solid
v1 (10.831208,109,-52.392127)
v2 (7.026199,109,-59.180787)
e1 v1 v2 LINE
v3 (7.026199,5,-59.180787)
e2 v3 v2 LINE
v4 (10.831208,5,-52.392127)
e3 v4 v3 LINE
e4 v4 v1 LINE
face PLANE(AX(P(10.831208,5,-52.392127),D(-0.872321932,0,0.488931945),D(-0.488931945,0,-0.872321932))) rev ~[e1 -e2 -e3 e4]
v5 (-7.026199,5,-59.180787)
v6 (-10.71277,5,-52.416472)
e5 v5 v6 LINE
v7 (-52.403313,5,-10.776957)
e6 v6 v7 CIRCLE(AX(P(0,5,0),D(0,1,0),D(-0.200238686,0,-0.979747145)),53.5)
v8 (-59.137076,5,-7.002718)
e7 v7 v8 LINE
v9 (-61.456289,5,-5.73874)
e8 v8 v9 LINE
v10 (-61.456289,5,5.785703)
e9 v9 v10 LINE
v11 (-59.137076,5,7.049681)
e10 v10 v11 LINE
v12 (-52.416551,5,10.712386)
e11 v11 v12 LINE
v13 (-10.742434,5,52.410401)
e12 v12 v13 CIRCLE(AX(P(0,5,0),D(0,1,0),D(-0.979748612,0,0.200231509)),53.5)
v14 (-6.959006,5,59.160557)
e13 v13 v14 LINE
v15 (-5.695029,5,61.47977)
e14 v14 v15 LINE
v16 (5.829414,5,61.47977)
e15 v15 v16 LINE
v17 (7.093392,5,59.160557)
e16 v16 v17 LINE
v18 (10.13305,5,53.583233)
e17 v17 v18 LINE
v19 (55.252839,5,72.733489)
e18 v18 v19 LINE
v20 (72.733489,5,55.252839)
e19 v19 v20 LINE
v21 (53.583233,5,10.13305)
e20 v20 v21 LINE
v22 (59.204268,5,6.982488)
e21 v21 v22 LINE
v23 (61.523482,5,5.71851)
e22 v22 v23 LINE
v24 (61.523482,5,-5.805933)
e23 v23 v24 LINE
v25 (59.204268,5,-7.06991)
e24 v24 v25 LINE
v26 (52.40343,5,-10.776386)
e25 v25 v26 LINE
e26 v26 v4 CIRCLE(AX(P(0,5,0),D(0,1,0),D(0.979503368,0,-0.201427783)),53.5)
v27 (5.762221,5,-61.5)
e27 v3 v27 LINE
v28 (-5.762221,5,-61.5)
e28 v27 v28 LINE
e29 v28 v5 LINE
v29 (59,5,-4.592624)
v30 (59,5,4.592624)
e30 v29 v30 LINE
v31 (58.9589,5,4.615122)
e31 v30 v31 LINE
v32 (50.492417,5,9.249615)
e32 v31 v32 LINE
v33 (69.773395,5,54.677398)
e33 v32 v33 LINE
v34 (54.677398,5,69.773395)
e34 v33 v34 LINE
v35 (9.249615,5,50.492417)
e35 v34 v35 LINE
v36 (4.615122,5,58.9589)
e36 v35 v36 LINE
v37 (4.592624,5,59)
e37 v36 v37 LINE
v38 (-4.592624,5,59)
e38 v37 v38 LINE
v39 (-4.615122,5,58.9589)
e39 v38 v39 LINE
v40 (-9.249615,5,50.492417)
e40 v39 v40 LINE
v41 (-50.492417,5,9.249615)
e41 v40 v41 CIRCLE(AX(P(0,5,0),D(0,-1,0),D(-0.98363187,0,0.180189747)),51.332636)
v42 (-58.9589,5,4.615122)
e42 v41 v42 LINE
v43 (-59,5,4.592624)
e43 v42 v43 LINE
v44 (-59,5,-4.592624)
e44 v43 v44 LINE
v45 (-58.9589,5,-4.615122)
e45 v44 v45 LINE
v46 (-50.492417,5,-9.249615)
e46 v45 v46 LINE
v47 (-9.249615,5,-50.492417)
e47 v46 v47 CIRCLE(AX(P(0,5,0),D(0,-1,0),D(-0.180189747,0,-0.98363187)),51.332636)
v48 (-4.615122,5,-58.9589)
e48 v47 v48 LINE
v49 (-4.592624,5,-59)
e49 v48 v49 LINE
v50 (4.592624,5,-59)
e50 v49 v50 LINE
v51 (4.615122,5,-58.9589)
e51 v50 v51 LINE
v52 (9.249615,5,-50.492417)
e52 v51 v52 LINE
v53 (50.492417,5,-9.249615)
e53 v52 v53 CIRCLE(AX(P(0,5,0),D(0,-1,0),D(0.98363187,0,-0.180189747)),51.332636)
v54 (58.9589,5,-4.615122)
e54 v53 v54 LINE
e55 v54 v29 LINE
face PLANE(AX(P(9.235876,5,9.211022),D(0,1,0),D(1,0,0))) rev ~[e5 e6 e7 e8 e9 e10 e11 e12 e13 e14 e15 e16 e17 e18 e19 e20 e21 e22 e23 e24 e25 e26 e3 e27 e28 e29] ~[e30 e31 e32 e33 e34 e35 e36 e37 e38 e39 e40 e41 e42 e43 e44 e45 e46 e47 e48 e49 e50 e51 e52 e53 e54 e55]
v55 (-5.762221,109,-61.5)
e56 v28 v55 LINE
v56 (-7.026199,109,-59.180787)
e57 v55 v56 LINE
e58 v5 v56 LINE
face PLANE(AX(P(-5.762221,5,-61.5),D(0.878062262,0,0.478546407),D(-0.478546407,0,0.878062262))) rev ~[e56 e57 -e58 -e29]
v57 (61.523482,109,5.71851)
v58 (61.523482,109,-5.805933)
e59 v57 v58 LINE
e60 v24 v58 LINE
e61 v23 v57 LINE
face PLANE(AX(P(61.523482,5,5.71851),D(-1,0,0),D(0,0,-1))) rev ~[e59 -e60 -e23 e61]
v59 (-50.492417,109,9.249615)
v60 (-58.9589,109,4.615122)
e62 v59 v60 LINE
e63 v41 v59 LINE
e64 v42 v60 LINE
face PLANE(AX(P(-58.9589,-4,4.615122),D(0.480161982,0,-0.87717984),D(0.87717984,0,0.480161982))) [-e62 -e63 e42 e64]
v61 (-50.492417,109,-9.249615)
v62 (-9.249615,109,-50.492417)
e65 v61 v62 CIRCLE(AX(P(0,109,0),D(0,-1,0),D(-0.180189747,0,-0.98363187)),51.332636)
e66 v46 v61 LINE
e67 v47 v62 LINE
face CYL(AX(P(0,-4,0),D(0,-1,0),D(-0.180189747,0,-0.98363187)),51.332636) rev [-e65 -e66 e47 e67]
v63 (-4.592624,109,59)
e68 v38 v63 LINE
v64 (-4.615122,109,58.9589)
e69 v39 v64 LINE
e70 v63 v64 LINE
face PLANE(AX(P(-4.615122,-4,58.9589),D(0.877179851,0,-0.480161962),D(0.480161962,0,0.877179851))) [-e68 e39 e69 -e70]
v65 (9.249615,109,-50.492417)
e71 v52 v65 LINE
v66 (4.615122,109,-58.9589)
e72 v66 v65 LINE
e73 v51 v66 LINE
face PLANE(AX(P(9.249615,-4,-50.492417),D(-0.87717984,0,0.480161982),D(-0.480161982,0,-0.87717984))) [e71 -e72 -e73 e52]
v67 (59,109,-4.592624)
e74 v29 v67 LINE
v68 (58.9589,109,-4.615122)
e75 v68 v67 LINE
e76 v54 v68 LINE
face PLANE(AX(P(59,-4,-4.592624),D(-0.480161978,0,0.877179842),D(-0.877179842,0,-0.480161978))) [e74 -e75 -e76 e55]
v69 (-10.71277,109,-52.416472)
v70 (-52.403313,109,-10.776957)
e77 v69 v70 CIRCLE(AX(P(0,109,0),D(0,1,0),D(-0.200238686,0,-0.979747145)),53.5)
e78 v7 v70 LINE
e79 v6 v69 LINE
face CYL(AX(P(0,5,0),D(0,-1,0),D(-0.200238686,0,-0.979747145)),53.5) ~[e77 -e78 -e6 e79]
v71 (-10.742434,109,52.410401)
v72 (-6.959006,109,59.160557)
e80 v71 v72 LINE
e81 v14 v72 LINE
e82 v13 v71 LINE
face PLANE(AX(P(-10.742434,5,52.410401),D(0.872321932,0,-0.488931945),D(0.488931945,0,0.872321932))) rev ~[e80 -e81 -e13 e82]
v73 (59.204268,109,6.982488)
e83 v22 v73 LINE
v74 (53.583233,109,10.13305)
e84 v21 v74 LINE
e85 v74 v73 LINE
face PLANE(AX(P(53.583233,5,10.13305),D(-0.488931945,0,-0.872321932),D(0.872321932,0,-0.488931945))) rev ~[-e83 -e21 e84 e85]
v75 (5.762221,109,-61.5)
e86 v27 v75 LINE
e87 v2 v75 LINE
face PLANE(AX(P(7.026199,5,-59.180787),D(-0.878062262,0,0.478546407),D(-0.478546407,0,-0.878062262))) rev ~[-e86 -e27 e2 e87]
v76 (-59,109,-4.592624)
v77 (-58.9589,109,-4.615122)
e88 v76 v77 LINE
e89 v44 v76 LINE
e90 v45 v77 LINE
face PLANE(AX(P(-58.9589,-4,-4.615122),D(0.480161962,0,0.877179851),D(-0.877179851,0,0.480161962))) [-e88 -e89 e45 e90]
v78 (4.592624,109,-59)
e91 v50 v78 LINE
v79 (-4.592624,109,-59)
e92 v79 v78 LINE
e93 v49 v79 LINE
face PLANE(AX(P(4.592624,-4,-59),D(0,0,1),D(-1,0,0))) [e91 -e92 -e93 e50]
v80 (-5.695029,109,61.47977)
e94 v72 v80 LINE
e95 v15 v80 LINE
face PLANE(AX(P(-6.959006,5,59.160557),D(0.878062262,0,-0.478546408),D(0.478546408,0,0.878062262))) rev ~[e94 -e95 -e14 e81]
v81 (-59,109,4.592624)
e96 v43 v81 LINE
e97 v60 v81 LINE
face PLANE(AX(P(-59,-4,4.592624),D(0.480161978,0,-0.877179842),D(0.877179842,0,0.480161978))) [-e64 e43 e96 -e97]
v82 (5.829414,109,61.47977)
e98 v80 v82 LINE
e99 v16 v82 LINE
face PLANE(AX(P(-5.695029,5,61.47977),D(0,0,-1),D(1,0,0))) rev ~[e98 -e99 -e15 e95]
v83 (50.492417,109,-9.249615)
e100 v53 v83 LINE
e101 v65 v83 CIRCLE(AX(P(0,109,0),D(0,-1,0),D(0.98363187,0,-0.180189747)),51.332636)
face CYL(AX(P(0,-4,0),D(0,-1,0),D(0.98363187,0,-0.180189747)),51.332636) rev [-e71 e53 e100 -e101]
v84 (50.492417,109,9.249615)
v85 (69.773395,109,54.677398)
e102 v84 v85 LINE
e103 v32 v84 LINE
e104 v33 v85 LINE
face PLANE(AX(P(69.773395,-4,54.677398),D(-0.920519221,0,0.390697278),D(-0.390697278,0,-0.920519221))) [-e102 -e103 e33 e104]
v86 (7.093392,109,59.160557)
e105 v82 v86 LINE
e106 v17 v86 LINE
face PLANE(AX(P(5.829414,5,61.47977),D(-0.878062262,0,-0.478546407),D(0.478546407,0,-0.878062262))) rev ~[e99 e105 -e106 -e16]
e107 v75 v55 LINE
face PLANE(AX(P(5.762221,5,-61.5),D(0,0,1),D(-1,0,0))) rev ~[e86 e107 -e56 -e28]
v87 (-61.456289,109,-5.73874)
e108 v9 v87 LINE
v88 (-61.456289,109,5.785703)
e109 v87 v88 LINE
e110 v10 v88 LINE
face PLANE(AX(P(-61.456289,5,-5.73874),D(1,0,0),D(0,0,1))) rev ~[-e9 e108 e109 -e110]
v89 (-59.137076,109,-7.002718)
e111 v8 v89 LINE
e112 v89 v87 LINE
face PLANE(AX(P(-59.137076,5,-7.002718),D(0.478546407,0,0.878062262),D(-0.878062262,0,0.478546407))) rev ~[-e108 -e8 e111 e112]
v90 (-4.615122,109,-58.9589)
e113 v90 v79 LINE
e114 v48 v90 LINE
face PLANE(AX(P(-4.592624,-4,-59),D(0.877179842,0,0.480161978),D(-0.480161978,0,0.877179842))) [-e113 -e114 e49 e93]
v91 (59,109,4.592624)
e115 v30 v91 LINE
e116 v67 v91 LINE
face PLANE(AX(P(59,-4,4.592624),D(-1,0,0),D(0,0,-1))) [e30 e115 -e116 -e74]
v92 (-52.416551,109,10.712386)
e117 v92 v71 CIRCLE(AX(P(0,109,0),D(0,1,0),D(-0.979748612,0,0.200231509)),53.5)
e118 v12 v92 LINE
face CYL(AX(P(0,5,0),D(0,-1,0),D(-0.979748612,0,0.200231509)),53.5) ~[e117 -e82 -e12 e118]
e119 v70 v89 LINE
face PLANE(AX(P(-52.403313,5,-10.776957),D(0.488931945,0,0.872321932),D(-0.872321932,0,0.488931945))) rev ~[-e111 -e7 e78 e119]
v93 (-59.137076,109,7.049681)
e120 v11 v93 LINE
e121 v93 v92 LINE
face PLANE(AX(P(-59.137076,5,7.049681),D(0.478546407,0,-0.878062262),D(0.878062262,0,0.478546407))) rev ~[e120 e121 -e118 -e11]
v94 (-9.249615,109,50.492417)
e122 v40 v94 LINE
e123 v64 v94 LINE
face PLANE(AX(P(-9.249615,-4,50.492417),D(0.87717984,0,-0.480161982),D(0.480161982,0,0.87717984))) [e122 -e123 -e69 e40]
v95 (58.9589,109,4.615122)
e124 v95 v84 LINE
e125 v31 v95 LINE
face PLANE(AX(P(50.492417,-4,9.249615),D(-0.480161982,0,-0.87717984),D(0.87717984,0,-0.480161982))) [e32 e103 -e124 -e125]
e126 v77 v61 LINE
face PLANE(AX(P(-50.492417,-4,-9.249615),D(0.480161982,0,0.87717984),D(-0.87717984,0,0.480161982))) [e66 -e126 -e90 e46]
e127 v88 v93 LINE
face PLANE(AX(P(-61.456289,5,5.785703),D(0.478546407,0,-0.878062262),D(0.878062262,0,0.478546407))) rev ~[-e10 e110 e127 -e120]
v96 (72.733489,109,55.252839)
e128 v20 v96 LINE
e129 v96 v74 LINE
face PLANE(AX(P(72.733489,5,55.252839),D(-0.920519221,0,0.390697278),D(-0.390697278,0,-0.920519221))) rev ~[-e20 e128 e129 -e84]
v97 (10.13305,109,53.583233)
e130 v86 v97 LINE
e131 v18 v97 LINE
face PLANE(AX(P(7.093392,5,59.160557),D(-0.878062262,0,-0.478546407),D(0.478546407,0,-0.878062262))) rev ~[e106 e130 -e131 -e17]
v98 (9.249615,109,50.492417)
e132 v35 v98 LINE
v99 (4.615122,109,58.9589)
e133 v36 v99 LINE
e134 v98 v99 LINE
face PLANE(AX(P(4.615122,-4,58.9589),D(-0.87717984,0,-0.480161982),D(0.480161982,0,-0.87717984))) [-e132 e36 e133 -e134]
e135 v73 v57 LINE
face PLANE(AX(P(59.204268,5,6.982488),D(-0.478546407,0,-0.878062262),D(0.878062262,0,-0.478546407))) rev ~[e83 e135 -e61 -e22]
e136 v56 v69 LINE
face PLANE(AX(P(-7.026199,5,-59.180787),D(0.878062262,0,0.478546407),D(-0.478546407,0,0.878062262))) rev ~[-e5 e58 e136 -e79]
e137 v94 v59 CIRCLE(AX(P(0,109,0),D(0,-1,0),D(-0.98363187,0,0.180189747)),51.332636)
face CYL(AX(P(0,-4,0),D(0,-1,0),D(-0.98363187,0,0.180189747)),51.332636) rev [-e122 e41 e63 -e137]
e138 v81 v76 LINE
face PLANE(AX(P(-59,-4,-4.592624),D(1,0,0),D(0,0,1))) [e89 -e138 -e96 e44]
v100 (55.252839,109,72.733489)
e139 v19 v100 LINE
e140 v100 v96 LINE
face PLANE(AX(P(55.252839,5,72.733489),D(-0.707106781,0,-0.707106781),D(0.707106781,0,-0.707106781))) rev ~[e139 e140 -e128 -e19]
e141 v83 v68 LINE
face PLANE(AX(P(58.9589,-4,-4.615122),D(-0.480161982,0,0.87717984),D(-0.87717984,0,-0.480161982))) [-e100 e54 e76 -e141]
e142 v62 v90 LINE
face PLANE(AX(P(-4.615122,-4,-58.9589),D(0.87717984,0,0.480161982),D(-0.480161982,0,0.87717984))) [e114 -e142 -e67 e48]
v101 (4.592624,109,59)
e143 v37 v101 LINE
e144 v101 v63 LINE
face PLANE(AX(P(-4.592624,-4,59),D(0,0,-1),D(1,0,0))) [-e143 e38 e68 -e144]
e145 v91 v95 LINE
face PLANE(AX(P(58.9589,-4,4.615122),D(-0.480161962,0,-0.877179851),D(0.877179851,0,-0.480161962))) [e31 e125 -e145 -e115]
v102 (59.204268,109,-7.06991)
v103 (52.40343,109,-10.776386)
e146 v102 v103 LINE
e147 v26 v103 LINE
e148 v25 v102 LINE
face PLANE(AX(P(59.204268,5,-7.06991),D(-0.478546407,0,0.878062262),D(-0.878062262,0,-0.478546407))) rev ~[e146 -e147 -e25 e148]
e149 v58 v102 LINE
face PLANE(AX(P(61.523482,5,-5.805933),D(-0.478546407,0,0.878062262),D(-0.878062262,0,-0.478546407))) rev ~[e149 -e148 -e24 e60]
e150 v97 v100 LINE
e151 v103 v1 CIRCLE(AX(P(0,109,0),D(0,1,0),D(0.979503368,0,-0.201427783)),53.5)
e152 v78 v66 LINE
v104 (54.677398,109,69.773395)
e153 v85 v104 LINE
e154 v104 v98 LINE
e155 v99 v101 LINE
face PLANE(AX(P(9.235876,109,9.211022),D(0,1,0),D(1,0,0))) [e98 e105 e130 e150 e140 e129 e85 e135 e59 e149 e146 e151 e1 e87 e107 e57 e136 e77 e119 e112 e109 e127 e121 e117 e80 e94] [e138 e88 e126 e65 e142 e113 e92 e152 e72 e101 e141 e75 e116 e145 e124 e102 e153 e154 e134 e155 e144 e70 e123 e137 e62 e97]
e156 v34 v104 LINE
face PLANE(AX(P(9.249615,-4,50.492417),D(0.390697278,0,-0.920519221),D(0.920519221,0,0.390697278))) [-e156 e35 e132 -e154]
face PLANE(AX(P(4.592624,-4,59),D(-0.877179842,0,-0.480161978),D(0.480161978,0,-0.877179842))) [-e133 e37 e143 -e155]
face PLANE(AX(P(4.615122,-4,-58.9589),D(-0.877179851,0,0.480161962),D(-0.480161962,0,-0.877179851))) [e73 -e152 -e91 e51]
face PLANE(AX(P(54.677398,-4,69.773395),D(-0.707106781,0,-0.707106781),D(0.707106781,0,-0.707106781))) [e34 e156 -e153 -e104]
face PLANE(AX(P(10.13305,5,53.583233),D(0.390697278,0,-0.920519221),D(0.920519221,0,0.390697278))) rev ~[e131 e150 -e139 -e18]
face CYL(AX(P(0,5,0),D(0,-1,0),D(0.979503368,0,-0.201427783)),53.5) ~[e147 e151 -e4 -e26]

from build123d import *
from build123d.topology import SkipClean

# Parameters (mm, degrees)
SALIENTE_EXTRUIR1_DEPTH = 5
CROQUIS2_R              = 2.1
CORTAR_EXTRUIR1_DEPTH   = 83.176639016
CORTAR_EXTRUIR2_DEPTH   = 83.176639016
CROQUIS5_R              = 2.05
CORTAR_EXTRUIR4_DEPTH   = 83.176639016
SALIENTE_EXTRUIR2_DEPTH = 5
CORTAR_EXTRUIR10_DEPTH  = 98.128780493
SALIENTE_EXTRUIR4_DEPTH = 4
SALIENTE_EXTRUIR5_DEPTH = 4
CROQUIS17_R             = 2.4
CORTAR_EXTRUIR11_DEPTH  = 98.128780493
SALIENTE_EXTRUIR6_DEPTH = 104
CORTAR_EXTRUIR12_DEPTH  = 200


with BuildPart() as part:
    # Croquis1 → Saliente-Extruir1 (new body)
    with BuildSketch(Plane(origin=(0, 0, 0), x_dir=(1, 0, 0), z_dir=(0, 1, 0))):
        with BuildLine():
            Line((4, 58), (8.807070745, 49.218243619))
            ThreePointArc((8.807070745, 49.218243619), (35.355339059, 35.355339059), (49.218243619, 8.807070745))
            Line((49.218243619, 8.807070745), (58, 4))
            Line((58, 4), (58, -4))
            Line((58, -4), (49.218243619, -8.807070745))
            ThreePointArc((49.218243619, -8.807070745), (35.355339059, -35.355339059), (8.807070745, -49.218243619))
            Line((8.807070745, -49.218243619), (4, -58))
            Line((4, -58), (-4, -58))
            Line((-4, -58), (-8.807070745, -49.218243619))
            ThreePointArc((-8.807070745, -49.218243619), (-35.355339059, -35.355339059), (-49.218243619, -8.807070745))
            Line((-49.218243619, -8.807070745), (-58, -4))
            Line((-58, -4), (-58, 4))
            Line((-58, 4), (-49.218243619, 8.807070745))
            ThreePointArc((-49.218243619, 8.807070745), (-35.355339059, 35.355339059), (-8.807070745, 49.218243619))
            Line((-8.807070745, 49.218243619), (-4, 58))
            Line((-4, 58), (4, 58))
        make_face()
    extrude(amount=SALIENTE_EXTRUIR1_DEPTH)

    # Croquis2 → Cortar-Extruir1 (cut, through all)
    with BuildSketch(Plane(origin=(0, 5, 0), x_dir=(1, 0, 0), z_dir=(0, 1, 0))):
        with Locations(Location((0, 52.7, 0), (0, 0, 270))):
            Circle(CROQUIS2_R)
        with Locations(Location((52.7, 0, 0), (0, 0, 270))):
            Circle(CROQUIS2_R)
        with Locations(Location((0, -52.7, 0), (0, 0, 270))):
            Circle(CROQUIS2_R)
        with Locations(Location((-52.7, 0, 0), (0, 0, 270))):
            Circle(CROQUIS2_R)
    extrude(amount=-CORTAR_EXTRUIR1_DEPTH, mode=Mode.SUBTRACT)

    # Croquis3 → Cortar-Extruir2 (cut, through all)
    with BuildSketch(Plane(origin=(0, 5, 0), x_dir=(1, 0, 0), z_dir=(0, 1, 0))):
        Polygon((20.506096654, -34.648232278), (34.648232278, -20.506096654), (47.376154339, -33.234018716), (67.218949341, -53.076813717), (53.076813717, -67.218949341), (33.234018716, -47.376154339), align=None)
    extrude(amount=-CORTAR_EXTRUIR2_DEPTH, mode=Mode.SUBTRACT)

    # Croquis5 → Cortar-Extruir4 (cut, through all)
    with BuildSketch(Plane(origin=(0, 5, 0), x_dir=(1, 0, 0), z_dir=(0, 1, 0))):
        with Locations(Location((-7.78, 7.78, 0), (0, 0, 270))):
            Circle(CROQUIS5_R)
        with Locations(Location((7.78, 7.78, 0), (0, 0, 270))):
            Circle(CROQUIS5_R)
        with Locations(Location((7.78, -7.78, 0), (0, 0, 270))):
            Circle(CROQUIS5_R)
        with Locations(Location((-7.78, -7.78, 0), (0, 0, 270))):
            Circle(CROQUIS5_R)
        with BuildLine():
            Line((21.554064831, -30.039346205), (23.334523779, -31.819805153))
            Line((23.334523779, -31.819805153), (24.748737342, -30.405591591))
            Line((24.748737342, -30.405591591), (22.968278393, -28.625132642))
            ThreePointArc((22.968278393, -28.625132642), (19.622213178, -26.69328099), (21.554064831, -30.039346205))
        make_face()
        with BuildLine():
            Line((28.625132642, -22.968278393), (30.986174209, -25.329319959))
            Line((30.986174209, -25.329319959), (32.400387771, -23.915106397))
            Line((32.400387771, -23.915106397), (30.039346205, -21.554064831))
            ThreePointArc((30.039346205, -21.554064831), (26.69328099, -19.622213178), (28.625132642, -22.968278393))
        make_face()
    extrude(amount=-CORTAR_EXTRUIR4_DEPTH, mode=Mode.SUBTRACT)

    # Croquis7 → Saliente-Extruir2 (add, through all)
    with BuildSketch(Plane(origin=(0, 5, 0), x_dir=(1, 0, 0), z_dir=(0, 1, 0))):
        Polygon((68.589357775, -54.447222151), (54.447222151, -68.589357775), (8.807070745, -49.218243619), (18.571685103, -46.422973972), (27.56994834, -41.712083963), (48.790367902, -62.932503526), (62.932503526, -48.790367902), (41.712083963, -27.56994834), (46.422973972, -18.571685103), (49.218243619, -8.807070745), align=None)
    extrude(amount=-SALIENTE_EXTRUIR2_DEPTH)

    # Croquis8 → Cortar-Extruir10 (cut, through all)
    with BuildSketch(Plane(origin=(0, 5, 0), x_dir=(1, 0, 0), z_dir=(0, 1, 0))):
        with BuildLine():
            Line((54.283137452, -59.939991701), (51.490214314, -57.147068564))
            Line((51.490214314, -57.147068564), (50.076000752, -58.561282126))
            Line((50.076000752, -58.561282126), (52.868923889, -61.354205264))
            ThreePointArc((52.868923889, -61.354205264), (56.214989104, -63.286056916), (54.283137452, -59.939991701))
        make_face()
        with BuildLine():
            Line((57.371843354, -51.714989104), (58.786056916, -50.300775542))
            Line((58.786056916, -50.300775542), (61.354205264, -52.868923889))
            ThreePointArc((61.354205264, -52.868923889), (63.286056916, -56.214989104), (59.939991701, -54.283137452))
            Line((59.939991701, -54.283137452), (57.371843354, -51.714989104))
        make_face()
    extrude(amount=-CORTAR_EXTRUIR10_DEPTH, mode=Mode.SUBTRACT)

    # Croquis15 → Saliente-Extruir4 (add)
    with BuildSketch(Plane.XZ):
        with BuildLine():
            Line((-1.111111111, -20.469866441), (-1.111111111, -22.472548411))
            ThreePointArc((-1.111111111, -22.472548411), (0, 22.5), (1.111111111, -22.472548411))
            Line((1.111111111, -22.472548411), (1.111111111, -20.469866441))
            ThreePointArc((1.111111111, -20.469866441), (0, 20.5), (-1.111111111, -20.469866441))
        make_face()
    extrude(amount=SALIENTE_EXTRUIR4_DEPTH)

    # Croquis16 → Saliente-Extruir5 (add)
    with SkipClean():  # the faces are left unmerged after this step: merging them gives an invalid solid
        with BuildSketch(Plane.XZ):
            with BuildLine():
                Line((-1.111111111, -20.469866441), (-1.111111111, -22.472548411))
                ThreePointArc((-1.111111111, -22.472548411), (0, -22.5), (1.111111111, -22.472548411))
                Line((1.111111111, -22.472548411), (1.111111111, -20.469866441))
                ThreePointArc((1.111111111, -20.469866441), (0, -20.5), (-1.111111111, -20.469866441))
            make_face()
        extrude(amount=SALIENTE_EXTRUIR5_DEPTH)

    # Croquis17 → Cortar-Extruir11 (cut, through all)
    with SkipClean():  # the faces are left unmerged after this step: merging them gives an invalid solid
        with BuildSketch(Plane.XZ):
            with Locations(Location((42.43, 0, 0), (0, 0, 270))):
                Circle(CROQUIS17_R)
            with Locations(Location((0, -42.43, 0), (0, 0, 270))):
                Circle(CROQUIS17_R)
            with Locations(Location((-42.43, 0, 0), (0, 0, 270))):
                Circle(CROQUIS17_R)
            with Locations(Location((0, 42.43, 0), (0, 0, 270))):
                Circle(CROQUIS17_R)
        extrude(amount=-CORTAR_EXTRUIR11_DEPTH, mode=Mode.SUBTRACT)

    # Croquis18 → Saliente-Extruir6 (add)
    with SkipClean():  # the faces are left unmerged after this step: merging them gives an invalid solid
        with BuildSketch(Plane(origin=(0, 5, 0), x_dir=(1, 0, 0), z_dir=(0, 1, 0))):
            with BuildLine():
                Line((-7.026199157, 59.180786921), (-10.712769702, 52.416472271))
                ThreePointArc((-10.712769702, 52.416472271), (-37.80704006, 37.853371341), (-52.403312858, 10.776956969))
                Line((-52.403312858, 10.776956969), (-59.137075713, 7.002717611))
                Line((-59.137075713, 7.002717611), (-61.456288791, 5.738739948))
                Line((-61.456288791, 5.738739948), (-61.456288791, -5.78570304))
                Line((-61.456288791, -5.78570304), (-59.137075713, -7.049680703))
                Line((-59.137075713, -7.049680703), (-52.416550741, -10.71238575))
                ThreePointArc((-52.416550741, -10.71238575), (-37.841055246, -37.819367233), (-10.74243433, -52.41040073))
                Line((-10.74243433, -52.41040073), (-6.959006403, -59.160557259))
                Line((-6.959006403, -59.160557259), (-5.695028739, -61.479770337))
                Line((-5.695028739, -61.479770337), (5.829414249, -61.479770337))
                Line((5.829414249, -61.479770337), (7.093391912, -59.160557259))
                Line((7.093391912, -59.160557259), (10.133049539, -53.583232651))
                Line((10.133049539, -53.583232651), (55.252838681, -72.733488714))
                Line((55.252838681, -72.733488714), (72.733488714, -55.252838681))
                Line((72.733488714, -55.252838681), (53.583232651, -10.133049539))
                Line((53.583232651, -10.133049539), (59.204268467, -6.982487949))
                Line((59.204268467, -6.982487949), (61.523481546, -5.718510285))
                Line((61.523481546, -5.718510285), (61.523481546, 5.805932703))
                Line((61.523481546, 5.805932703), (59.204268467, 7.069910366))
                Line((59.204268467, 7.069910366), (52.403430197, 10.776386386))
                ThreePointArc((52.403430197, 10.776386386), (37.849997802, 37.810417433), (10.831208274, 52.392126578))
                Line((10.831208274, 52.392126578), (7.026199157, 59.180786921))
                Line((7.026199157, 59.180786921), (5.762221494, 61.5))
                Line((5.762221494, 61.5), (-5.762221494, 61.5))
                Line((-5.762221494, 61.5), (-7.026199157, 59.180786921))
            make_face()
        extrude(amount=SALIENTE_EXTRUIR6_DEPTH)

    # Croquis23 → Cortar-Extruir12 (cut)
    with BuildSketch(Plane.XZ.offset(4)):
        with BuildLine():
            Line((59, -4.59262422), (58.95889986, -4.615122143))
            Line((58.95889986, -4.615122143), (50.492416575, -9.249614646))
            ThreePointArc((50.492416575, -9.249614646), (36.297654901, -36.297654901), (9.249614646, -50.492416575))
            Line((9.249614646, -50.492416575), (4.615122143, -58.95889986))
            Line((4.615122143, -58.95889986), (4.592624221, -59))
            Line((4.592624221, -59), (-4.59262422, -59))
            Line((-4.59262422, -59), (-4.615122143, -58.95889986))
            Line((-4.615122143, -58.95889986), (-9.249614646, -50.492416575))
            ThreePointArc((-9.249614646, -50.492416575), (-36.297654901, -36.297654901), (-50.492416575, -9.249614646))
            Line((-50.492416575, -9.249614646), (-58.95889986, -4.615122143))
            Line((-58.95889986, -4.615122143), (-59, -4.592624221))
            Line((-59, -4.592624221), (-59, 4.59262422))
            Line((-59, 4.59262422), (-58.95889986, 4.615122143))
            Line((-58.95889986, 4.615122143), (-50.492416575, 9.249614646))
            ThreePointArc((-50.492416575, 9.249614646), (-36.297654901, 36.297654901), (-9.249614646, 50.492416575))
            Line((-9.249614646, 50.492416575), (-4.615122143, 58.95889986))
            Line((-4.615122143, 58.95889986), (-4.592624221, 59))
            Line((-4.592624221, 59), (4.59262422, 59))
            Line((4.59262422, 59), (4.615122143, 58.95889986))
            Line((4.615122143, 58.95889986), (9.249614646, 50.492416575))
            Line((9.249614646, 50.492416575), (54.677398303, 69.773395186))
            Line((54.677398303, 69.773395186), (69.773395186, 54.677398303))
            Line((69.773395186, 54.677398303), (50.492416575, 9.249614646))
            Line((50.492416575, 9.249614646), (58.95889986, 4.615122143))
            Line((58.95889986, 4.615122143), (59, 4.592624221))
            Line((59, 4.592624221), (59, -4.59262422))
        make_face()
    extrude(amount=-CORTAR_EXTRUIR12_DEPTH, mode=Mode.SUBTRACT)


solid = part.part
